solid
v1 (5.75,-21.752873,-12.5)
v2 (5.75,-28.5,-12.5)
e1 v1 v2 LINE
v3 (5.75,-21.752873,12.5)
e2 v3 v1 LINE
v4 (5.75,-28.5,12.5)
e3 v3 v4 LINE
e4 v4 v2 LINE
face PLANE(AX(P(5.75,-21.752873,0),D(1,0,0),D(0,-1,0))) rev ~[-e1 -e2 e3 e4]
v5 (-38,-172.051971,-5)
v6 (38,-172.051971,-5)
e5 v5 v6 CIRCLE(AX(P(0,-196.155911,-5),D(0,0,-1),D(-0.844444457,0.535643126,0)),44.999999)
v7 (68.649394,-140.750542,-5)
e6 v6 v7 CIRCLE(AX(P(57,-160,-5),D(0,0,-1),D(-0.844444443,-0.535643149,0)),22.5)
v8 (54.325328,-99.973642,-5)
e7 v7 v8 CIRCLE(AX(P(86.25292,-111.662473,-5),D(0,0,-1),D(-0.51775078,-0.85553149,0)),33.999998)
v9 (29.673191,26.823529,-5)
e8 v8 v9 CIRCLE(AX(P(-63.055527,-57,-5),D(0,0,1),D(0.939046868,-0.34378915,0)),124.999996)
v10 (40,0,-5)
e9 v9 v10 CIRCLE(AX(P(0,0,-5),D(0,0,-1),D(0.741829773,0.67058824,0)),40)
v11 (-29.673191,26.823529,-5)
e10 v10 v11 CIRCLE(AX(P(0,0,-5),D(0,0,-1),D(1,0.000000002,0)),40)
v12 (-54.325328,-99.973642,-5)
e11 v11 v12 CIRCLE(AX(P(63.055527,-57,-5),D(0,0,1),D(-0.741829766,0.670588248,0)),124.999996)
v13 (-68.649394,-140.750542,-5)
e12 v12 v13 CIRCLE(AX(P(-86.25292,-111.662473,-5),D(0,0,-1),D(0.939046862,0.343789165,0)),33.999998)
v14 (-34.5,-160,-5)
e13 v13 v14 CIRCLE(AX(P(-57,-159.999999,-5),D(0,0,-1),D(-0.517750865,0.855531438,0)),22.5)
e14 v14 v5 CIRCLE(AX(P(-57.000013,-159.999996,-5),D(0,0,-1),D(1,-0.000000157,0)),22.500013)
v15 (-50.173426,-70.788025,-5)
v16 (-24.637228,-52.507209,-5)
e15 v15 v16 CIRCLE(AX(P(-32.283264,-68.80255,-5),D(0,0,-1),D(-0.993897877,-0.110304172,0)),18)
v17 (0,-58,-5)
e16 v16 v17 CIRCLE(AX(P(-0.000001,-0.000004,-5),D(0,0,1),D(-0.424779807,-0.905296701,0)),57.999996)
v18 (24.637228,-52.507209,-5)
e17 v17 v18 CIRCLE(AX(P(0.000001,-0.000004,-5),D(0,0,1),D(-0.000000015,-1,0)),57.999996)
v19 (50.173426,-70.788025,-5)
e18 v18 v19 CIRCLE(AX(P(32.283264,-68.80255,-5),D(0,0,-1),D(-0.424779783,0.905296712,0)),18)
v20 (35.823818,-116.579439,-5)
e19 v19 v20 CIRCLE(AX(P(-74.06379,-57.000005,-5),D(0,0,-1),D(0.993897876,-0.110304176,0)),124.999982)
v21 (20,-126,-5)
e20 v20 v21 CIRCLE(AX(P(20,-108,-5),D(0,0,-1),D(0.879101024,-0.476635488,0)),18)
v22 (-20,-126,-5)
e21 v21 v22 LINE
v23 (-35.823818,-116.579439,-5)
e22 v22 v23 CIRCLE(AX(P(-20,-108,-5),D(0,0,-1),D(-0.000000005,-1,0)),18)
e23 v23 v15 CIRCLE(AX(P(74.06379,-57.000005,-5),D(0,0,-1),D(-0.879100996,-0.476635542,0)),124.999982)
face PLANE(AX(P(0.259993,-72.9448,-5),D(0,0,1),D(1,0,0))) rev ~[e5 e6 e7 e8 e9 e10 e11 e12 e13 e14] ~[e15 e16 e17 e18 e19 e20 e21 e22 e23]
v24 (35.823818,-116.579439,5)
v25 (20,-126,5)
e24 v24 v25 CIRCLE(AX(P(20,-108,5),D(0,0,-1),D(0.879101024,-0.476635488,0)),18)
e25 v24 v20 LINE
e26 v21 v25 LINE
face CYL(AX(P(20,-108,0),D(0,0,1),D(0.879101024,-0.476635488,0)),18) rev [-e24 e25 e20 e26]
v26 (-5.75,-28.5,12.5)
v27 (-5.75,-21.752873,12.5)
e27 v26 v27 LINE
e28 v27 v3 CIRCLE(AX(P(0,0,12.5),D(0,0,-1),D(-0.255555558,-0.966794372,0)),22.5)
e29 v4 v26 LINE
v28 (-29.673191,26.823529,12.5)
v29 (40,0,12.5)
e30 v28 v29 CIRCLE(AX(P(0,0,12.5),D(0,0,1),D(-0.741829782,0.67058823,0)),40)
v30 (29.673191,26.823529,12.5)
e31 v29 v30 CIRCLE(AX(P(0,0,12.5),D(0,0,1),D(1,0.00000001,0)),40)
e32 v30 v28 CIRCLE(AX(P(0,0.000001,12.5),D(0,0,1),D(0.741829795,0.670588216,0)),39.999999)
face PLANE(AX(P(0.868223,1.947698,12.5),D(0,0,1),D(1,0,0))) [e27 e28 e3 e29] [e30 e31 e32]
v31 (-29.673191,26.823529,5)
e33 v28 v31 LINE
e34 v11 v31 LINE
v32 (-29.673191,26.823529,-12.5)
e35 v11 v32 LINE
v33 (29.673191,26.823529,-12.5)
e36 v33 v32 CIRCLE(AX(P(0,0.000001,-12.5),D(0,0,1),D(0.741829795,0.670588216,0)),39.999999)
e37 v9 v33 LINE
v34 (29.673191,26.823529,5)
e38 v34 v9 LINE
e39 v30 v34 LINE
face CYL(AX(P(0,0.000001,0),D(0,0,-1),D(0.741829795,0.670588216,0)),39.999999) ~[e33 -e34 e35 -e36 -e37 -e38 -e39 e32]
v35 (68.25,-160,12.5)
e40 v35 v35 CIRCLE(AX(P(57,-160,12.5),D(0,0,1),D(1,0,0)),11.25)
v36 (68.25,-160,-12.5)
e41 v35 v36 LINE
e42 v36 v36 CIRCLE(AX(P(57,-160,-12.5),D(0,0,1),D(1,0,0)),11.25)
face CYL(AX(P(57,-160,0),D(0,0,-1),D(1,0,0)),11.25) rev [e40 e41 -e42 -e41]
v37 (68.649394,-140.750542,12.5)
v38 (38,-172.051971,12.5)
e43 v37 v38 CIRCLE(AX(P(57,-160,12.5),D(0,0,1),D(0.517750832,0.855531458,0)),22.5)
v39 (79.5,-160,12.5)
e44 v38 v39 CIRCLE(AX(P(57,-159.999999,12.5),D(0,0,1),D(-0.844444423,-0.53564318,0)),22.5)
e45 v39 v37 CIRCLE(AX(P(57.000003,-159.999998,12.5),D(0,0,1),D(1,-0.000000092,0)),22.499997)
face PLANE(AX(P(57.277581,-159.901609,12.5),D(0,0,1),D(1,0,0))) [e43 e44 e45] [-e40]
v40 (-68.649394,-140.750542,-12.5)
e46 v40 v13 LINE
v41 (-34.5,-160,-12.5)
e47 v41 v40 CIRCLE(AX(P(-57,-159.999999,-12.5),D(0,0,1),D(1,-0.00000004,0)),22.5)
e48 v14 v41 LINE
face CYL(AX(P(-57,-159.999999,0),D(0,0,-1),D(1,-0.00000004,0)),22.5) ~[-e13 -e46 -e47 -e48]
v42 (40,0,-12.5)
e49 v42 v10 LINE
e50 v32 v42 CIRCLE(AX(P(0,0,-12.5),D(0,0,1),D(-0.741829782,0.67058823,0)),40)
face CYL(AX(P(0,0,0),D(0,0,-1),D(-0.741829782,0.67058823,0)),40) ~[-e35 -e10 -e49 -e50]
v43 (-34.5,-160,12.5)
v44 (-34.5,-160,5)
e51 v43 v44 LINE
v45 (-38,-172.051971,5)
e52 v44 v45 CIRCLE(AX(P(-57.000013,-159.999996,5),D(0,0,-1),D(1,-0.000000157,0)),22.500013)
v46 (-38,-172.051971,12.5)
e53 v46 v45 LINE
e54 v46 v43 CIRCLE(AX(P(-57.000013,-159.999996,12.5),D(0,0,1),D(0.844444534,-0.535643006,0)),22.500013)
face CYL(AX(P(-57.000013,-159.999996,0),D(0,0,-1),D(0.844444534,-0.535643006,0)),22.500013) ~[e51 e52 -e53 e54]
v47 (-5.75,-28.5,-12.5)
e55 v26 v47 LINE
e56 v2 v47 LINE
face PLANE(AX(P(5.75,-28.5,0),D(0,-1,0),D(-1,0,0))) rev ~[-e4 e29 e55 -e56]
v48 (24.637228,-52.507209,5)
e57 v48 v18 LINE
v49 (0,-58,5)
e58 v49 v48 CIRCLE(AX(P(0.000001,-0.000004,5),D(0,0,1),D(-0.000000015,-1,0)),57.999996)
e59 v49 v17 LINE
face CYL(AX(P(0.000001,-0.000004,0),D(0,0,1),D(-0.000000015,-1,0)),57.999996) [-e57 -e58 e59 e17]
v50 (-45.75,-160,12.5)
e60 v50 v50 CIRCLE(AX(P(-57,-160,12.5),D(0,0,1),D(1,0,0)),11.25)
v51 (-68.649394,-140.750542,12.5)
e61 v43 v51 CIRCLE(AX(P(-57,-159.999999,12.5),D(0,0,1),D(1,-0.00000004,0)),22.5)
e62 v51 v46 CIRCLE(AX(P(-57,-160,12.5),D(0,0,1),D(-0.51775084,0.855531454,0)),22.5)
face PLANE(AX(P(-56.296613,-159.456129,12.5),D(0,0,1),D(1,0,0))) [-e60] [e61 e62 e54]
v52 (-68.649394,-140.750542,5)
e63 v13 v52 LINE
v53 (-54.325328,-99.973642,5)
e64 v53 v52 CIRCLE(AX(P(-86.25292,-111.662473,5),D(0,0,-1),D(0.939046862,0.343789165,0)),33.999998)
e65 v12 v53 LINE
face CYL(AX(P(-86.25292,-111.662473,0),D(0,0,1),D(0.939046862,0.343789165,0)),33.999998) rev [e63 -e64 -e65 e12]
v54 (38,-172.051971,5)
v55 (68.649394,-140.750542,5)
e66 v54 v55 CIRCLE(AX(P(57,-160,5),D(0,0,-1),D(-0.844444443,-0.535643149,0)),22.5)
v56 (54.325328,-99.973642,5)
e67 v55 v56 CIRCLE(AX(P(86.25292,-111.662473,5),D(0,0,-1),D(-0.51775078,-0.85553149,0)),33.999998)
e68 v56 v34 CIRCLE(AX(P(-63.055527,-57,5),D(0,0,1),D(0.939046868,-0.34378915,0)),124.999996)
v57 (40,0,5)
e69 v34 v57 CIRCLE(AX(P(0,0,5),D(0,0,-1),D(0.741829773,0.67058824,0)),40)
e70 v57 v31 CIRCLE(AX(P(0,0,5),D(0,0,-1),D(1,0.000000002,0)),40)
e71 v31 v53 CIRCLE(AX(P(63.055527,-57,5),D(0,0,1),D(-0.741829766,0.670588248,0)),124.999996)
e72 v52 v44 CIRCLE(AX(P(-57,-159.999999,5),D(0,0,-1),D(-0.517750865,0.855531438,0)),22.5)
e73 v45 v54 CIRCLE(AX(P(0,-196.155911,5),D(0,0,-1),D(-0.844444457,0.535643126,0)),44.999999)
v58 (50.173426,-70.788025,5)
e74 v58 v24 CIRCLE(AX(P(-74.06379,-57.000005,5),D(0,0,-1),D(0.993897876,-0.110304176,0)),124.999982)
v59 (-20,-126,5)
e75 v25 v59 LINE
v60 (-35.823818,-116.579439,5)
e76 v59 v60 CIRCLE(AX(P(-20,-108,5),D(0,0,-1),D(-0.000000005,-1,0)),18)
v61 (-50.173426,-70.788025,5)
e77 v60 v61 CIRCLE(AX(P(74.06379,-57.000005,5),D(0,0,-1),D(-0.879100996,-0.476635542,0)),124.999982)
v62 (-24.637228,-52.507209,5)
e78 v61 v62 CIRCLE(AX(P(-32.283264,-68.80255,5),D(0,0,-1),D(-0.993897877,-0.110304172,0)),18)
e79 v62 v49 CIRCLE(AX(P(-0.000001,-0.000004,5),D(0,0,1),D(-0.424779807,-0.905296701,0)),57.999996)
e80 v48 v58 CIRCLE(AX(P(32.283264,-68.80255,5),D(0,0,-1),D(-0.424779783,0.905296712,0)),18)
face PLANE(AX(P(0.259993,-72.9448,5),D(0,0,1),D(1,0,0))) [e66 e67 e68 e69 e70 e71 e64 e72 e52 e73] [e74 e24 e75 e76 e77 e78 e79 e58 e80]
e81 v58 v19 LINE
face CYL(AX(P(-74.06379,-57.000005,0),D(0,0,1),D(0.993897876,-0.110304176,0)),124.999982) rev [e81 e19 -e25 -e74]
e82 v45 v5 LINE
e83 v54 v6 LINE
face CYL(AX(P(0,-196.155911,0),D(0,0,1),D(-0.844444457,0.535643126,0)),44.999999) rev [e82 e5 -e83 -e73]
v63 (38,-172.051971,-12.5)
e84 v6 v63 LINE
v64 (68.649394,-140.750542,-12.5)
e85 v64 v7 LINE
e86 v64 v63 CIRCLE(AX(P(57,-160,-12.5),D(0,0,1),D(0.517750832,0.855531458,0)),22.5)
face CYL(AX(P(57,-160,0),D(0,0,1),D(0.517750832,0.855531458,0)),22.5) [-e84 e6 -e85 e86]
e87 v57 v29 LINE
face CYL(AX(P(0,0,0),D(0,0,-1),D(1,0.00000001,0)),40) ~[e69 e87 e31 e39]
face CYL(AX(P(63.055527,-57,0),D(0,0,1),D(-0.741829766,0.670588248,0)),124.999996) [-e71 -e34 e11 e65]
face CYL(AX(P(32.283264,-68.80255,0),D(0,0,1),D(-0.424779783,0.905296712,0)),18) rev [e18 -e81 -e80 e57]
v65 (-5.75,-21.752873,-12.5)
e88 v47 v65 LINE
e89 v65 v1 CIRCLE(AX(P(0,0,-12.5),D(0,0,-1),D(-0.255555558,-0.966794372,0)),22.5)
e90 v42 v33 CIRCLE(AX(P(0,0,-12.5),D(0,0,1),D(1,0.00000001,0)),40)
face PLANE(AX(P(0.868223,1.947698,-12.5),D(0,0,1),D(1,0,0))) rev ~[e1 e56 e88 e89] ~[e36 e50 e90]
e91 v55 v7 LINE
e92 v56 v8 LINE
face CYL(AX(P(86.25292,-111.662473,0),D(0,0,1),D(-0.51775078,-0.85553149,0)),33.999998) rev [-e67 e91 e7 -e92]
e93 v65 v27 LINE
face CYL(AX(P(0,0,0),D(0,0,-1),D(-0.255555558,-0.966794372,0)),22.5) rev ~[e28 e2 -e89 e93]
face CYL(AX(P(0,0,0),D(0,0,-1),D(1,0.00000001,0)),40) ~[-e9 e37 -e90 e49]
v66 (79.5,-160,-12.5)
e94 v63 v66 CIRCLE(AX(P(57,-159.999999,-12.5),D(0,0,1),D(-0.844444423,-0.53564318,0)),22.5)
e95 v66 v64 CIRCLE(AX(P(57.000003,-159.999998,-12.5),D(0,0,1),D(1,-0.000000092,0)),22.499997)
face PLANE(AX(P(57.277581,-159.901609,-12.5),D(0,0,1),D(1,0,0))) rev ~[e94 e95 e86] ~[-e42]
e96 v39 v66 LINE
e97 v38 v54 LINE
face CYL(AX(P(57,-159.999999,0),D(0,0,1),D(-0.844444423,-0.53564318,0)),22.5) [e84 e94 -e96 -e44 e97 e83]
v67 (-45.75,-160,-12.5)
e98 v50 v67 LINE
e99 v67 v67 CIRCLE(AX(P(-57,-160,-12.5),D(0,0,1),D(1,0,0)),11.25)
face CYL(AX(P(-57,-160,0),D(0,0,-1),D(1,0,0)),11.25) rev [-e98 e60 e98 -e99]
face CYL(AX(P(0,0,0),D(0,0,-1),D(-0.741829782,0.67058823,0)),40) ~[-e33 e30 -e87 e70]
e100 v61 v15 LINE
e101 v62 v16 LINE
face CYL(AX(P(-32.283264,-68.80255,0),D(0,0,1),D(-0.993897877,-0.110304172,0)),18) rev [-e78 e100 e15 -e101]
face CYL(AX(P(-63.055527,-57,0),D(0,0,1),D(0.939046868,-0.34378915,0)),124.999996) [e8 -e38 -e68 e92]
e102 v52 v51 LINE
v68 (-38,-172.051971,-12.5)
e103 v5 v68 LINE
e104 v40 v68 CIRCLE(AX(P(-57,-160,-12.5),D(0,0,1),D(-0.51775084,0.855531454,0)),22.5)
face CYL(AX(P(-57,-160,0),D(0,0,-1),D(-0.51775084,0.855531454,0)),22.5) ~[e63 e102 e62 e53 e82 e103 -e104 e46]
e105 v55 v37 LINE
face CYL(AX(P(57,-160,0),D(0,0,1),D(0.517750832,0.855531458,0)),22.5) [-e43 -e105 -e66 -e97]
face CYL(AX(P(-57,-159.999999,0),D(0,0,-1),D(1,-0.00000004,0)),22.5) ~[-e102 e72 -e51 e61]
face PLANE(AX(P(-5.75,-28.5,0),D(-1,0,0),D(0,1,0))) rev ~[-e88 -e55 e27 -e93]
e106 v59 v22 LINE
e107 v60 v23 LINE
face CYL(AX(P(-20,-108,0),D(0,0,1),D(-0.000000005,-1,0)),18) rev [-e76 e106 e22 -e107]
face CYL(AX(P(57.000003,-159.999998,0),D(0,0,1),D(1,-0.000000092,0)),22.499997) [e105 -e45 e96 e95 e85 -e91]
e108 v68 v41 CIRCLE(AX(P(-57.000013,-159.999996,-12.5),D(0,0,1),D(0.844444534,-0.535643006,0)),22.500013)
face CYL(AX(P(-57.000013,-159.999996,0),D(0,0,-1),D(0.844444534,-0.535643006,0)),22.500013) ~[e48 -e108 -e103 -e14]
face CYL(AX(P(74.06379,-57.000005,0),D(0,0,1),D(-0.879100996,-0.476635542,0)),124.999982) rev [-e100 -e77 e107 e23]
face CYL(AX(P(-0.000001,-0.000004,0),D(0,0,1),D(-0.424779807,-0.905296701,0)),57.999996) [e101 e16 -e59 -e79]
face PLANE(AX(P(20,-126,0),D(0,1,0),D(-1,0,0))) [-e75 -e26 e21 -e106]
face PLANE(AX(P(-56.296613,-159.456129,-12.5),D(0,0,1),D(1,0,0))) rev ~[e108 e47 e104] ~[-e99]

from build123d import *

# Parameters (mm, degrees)
F1_DEPTH = 5
F0_R     = 11.25
F2_DEPTH = 12.5


with BuildPart() as f1:
    # F0 (on Top) → F1 (new body, symmetric)
    with BuildSketch(Plane.XY):
        with BuildLine():
            ThreePointArc((29.673191, 26.823529), (37.329128, 14.371367), (40, 0))
            ThreePointArc((40, 0), (-14.371367, -37.329128), (-29.673191, 26.823529))
            ThreePointArc((-29.673191, 26.823529), (-59.646913, -33.143967), (-54.325328, -99.973642))
            ThreePointArc((-54.325328, -99.973642), (-54.17455, -122.930928), (-68.649394, -140.750542))
            ThreePointArc((-68.649394, -140.750542), (-45.951501, -140.399472), (-34.5, -160))
            ThreePointArc((-34.5, -160), (-35.39271, -166.27495), (-38, -172.051971))
            ThreePointArc((-38, -172.051971), (0, -151.155912), (38, -172.051971))
            ThreePointArc((38, -172.051971), (40.923535, -144.258422), (68.649394, -140.750542))
            ThreePointArc((68.649394, -140.750542), (54.17455, -122.930928), (54.325328, -99.973642))
            ThreePointArc((54.325328, -99.973642), (59.646913, -33.143967), (29.673191, 26.823529))
        make_face()
        with BuildLine():
            Line((20, -126), (0, -126))
            Line((0, -126), (-20, -126))
            ThreePointArc((-20, -126), (-29.20788, -123.466575), (-35.823818, -116.579439))
            ThreePointArc((-35.823818, -116.579439), (-45.216643, -94.378791), (-50.173426, -70.788025))
            ThreePointArc((-50.173426, -70.788025), (-42.760983, -54.166382), (-24.637228, -52.507209))
            ThreePointArc((-24.637228, -52.507209), (-12.621051, -56.61015), (0, -58))
            ThreePointArc((0, -58), (12.621051, -56.61015), (24.637228, -52.507209))
            ThreePointArc((24.637228, -52.507209), (42.760983, -54.166382), (50.173426, -70.788025))
            ThreePointArc((50.173426, -70.788025), (45.216643, -94.378791), (35.823818, -116.579439))
            ThreePointArc((35.823818, -116.579439), (29.20788, -123.466575), (20, -126))
        make_face(mode=Mode.SUBTRACT)
    extrude(amount=F1_DEPTH, both=True)

    # F0 (on Top) → F2 (join, symmetric)
    with BuildSketch(Plane.XY):
        with BuildLine():
            ThreePointArc((-34.5, -160), (-45.951501, -140.399472), (-68.649394, -140.750542))
            ThreePointArc((-68.649394, -140.750542), (-73.076465, -175.741578), (-38, -172.051971))
            ThreePointArc((-38, -172.051971), (-35.39271, -166.27495), (-34.5, -160))
        make_face()
        with Locations((-57, -160)):
            Circle(F0_R, mode=Mode.SUBTRACT)
        with BuildLine():
            ThreePointArc((-29.673191, 26.823529), (-14.371367, -37.329128), (40, 0))
            ThreePointArc((40, 0), (37.329128, 14.371367), (29.673191, 26.823529))
            ThreePointArc((29.673191, 26.823529), (0, 40), (-29.673191, 26.823529))
        make_face()
        with BuildLine():
            ThreePointArc((-5.75, -21.752873), (0, 22.5), (5.75, -21.752873))
            Line((5.75, -21.752873), (5.75, -28.5))
            Line((5.75, -28.5), (-5.75, -28.5))
            Line((-5.75, -28.5), (-5.75, -21.752873))
        make_face(mode=Mode.SUBTRACT)
        with BuildLine():
            ThreePointArc((79.5, -160), (76.600528, -148.951501), (68.649394, -140.750542))
            ThreePointArc((68.649394, -140.750542), (40.923535, -144.258422), (38, -172.051971))
            ThreePointArc((38, -172.051971), (63.27495, -181.60729), (79.5, -160))
        make_face()
        with Locations((57, -160)):
            Circle(F0_R, mode=Mode.SUBTRACT)
    extrude(amount=F2_DEPTH, both=True)


solid = f1.part
